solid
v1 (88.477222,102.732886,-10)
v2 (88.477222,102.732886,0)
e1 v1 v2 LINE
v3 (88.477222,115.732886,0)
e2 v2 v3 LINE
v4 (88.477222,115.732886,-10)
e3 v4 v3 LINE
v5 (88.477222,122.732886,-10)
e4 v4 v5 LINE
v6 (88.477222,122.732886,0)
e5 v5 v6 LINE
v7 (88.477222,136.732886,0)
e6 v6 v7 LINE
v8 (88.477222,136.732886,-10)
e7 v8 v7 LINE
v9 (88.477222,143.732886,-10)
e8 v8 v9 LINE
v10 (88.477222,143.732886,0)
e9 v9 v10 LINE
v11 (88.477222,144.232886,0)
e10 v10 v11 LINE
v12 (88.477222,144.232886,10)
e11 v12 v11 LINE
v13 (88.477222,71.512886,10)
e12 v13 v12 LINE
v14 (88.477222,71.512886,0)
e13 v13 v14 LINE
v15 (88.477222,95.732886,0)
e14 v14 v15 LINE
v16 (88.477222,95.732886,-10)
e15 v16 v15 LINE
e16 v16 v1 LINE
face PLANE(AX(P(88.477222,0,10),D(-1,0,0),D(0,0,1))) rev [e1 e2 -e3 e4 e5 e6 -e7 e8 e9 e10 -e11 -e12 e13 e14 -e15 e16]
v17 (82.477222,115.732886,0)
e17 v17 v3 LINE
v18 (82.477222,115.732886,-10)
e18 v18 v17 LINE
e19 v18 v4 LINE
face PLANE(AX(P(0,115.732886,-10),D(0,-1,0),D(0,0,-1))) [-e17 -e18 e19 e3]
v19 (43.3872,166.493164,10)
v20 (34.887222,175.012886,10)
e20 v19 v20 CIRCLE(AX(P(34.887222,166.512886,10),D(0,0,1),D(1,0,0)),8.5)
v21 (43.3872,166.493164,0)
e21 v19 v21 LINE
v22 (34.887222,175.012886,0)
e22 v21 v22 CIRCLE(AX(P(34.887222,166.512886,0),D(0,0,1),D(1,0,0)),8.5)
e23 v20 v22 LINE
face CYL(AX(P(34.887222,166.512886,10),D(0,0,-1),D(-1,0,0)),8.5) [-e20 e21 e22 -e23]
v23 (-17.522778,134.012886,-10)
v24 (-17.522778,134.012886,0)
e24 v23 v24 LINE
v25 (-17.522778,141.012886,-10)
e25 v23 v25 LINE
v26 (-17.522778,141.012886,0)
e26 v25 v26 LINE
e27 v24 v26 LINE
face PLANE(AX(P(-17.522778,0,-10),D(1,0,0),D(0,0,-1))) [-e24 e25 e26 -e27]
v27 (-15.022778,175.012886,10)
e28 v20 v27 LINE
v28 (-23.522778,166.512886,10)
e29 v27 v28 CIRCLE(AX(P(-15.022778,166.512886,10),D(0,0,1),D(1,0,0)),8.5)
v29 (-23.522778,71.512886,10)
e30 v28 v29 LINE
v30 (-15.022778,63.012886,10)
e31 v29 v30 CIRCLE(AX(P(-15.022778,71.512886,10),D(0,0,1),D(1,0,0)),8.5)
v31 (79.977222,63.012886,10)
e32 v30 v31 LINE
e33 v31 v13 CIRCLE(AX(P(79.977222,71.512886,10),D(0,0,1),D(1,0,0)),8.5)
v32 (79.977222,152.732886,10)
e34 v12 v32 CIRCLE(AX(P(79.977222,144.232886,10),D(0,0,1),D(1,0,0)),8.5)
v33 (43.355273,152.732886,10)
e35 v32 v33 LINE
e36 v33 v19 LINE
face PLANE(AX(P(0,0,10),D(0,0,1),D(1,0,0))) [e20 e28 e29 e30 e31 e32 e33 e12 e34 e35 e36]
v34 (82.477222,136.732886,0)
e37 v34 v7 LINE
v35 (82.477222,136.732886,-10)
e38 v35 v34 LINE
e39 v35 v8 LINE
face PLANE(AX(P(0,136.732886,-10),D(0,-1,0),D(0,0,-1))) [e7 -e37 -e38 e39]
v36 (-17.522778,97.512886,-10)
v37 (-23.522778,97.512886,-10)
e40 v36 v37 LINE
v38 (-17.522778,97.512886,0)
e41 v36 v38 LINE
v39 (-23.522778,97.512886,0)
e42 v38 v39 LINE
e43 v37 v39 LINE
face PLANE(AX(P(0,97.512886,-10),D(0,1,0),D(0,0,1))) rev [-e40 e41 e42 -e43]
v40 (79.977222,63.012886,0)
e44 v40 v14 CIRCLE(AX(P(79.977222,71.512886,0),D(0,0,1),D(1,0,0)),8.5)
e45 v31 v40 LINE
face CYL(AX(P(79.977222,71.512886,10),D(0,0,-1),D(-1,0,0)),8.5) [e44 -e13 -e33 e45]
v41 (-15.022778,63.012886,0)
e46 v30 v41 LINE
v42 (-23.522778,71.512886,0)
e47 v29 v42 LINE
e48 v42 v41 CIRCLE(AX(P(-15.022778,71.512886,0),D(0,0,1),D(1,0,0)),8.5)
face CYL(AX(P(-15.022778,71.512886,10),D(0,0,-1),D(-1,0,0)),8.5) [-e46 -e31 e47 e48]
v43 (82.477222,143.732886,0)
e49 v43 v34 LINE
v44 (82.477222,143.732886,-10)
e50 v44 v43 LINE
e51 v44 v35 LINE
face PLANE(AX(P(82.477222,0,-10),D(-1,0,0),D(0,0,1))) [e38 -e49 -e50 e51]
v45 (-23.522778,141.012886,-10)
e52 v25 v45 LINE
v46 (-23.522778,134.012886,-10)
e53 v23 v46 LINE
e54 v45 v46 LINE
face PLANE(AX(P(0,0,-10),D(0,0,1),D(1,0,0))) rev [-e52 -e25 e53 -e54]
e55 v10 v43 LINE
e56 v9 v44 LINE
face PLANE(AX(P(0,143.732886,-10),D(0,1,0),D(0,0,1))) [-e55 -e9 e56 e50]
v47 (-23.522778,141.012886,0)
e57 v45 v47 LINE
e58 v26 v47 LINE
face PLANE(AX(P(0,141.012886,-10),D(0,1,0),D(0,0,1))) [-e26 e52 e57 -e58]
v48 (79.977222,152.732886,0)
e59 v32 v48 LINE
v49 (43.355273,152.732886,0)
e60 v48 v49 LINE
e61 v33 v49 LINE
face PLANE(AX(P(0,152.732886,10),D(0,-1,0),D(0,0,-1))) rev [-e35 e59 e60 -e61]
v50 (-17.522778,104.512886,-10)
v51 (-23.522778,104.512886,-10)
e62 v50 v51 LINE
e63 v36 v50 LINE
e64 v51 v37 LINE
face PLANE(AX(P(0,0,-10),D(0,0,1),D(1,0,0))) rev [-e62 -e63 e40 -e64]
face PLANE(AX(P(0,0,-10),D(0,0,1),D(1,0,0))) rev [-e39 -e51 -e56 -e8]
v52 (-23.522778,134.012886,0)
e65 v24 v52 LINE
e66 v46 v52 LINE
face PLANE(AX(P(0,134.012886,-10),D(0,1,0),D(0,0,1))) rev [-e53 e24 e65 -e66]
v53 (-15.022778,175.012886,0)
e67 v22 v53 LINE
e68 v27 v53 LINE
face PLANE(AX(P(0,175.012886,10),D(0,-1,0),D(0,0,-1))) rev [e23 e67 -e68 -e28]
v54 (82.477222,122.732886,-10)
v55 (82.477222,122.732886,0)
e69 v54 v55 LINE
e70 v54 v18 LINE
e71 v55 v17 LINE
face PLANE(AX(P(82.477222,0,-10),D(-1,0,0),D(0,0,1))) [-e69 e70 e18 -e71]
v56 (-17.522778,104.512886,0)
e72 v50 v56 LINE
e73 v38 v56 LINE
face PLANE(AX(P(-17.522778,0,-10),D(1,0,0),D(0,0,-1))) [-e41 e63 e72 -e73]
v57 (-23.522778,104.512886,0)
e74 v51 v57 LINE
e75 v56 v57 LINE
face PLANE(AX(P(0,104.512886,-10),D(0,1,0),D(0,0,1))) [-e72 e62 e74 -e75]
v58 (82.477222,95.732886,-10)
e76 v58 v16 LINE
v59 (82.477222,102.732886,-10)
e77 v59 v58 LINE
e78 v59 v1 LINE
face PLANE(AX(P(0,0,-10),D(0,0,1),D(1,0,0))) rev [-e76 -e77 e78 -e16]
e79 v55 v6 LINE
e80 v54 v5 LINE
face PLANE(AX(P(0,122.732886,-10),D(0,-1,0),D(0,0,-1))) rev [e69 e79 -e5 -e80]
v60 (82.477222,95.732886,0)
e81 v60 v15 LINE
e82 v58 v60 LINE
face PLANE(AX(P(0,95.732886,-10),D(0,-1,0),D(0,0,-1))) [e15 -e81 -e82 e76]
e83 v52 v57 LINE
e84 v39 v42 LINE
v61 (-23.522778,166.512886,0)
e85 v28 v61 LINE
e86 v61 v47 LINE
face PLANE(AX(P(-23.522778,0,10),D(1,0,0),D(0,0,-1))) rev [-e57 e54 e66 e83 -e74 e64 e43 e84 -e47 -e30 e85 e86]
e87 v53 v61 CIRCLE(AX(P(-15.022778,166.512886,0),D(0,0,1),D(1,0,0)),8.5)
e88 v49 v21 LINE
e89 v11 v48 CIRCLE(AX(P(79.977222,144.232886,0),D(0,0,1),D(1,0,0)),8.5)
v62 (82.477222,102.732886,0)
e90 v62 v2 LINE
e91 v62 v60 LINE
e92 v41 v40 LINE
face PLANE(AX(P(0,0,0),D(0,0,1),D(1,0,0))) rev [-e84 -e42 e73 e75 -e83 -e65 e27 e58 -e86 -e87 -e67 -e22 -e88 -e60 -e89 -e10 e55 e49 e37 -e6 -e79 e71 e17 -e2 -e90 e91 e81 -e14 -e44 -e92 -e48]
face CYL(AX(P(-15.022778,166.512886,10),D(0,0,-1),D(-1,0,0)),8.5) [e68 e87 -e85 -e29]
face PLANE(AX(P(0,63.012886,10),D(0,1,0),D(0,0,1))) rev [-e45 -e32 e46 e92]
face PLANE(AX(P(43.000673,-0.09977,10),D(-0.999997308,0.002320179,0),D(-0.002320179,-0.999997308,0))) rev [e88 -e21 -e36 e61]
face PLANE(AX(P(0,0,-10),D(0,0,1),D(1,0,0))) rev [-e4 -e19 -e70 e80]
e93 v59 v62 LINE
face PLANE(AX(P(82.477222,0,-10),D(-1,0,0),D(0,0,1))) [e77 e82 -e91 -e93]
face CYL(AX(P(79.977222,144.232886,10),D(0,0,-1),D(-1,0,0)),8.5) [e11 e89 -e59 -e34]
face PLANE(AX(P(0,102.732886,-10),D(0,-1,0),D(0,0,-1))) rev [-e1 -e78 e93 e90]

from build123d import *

# Parameters (mm, degrees)
BOSS_EXTRUDE1_DEPTH = 10
SKETCH1_4_W         = 6
SKETCH1_4_H         = 7
BOSS_EXTRUDE2_DEPTH = 10


with BuildPart() as part:
    # Sketch1 → Boss-Extrude1 (new body)
    with BuildSketch(Plane.XY):
        with BuildLine():
            ThreePointArc((88.477222474, 144.232885516), (85.987630114, 150.243293156), (79.977222474, 152.732885516))
            Line((79.977222474, 152.732885516), (43.355273195, 152.732885516))
            Line((43.355273195, 152.732885516), (43.387199595, 166.493163991))
            ThreePointArc((43.387199595, 166.493163991), (40.904598686, 172.516316495), (34.887222474, 175.012885516))
            Line((34.887222474, 175.012885516), (-15.022777526, 175.012885516))
            ThreePointArc((-15.022777526, 175.012885516), (-21.033185166, 172.523293156), (-23.522777526, 166.512885516))
            Line((-23.522777526, 166.512885516), (-23.522777526, 71.512885516))
            ThreePointArc((-23.522777526, 71.512885516), (-21.033185166, 65.502477876), (-15.022777526, 63.012885516))
            Line((-15.022777526, 63.012885516), (79.977222474, 63.012885516))
            ThreePointArc((79.977222474, 63.012885516), (85.987630114, 65.502477876), (88.477222474, 71.512885516))
            Line((88.477222474, 71.512885516), (88.477222474, 144.232885516))
        make_face()
    extrude(amount=BOSS_EXTRUDE1_DEPTH)

    # Sketch1<4> → Boss-Extrude2 (add)
    with BuildSketch(Plane.XY):
        with Locations((85.477222474, 140.232885516)):
            Rectangle(SKETCH1_4_W, SKETCH1_4_H)
        with Locations((85.477222474, 119.232885516)):
            Rectangle(SKETCH1_4_W, SKETCH1_4_H)
        with Locations((85.477222474, 99.232885516)):
            Rectangle(SKETCH1_4_W, SKETCH1_4_H)
        with Locations((-20.522777526, 137.512885516)):
            Rectangle(SKETCH1_4_W, SKETCH1_4_H)
        with Locations((-20.522777526, 101.012885516)):
            Rectangle(SKETCH1_4_W, SKETCH1_4_H)
    extrude(amount=-BOSS_EXTRUDE2_DEPTH)


solid = part.part
